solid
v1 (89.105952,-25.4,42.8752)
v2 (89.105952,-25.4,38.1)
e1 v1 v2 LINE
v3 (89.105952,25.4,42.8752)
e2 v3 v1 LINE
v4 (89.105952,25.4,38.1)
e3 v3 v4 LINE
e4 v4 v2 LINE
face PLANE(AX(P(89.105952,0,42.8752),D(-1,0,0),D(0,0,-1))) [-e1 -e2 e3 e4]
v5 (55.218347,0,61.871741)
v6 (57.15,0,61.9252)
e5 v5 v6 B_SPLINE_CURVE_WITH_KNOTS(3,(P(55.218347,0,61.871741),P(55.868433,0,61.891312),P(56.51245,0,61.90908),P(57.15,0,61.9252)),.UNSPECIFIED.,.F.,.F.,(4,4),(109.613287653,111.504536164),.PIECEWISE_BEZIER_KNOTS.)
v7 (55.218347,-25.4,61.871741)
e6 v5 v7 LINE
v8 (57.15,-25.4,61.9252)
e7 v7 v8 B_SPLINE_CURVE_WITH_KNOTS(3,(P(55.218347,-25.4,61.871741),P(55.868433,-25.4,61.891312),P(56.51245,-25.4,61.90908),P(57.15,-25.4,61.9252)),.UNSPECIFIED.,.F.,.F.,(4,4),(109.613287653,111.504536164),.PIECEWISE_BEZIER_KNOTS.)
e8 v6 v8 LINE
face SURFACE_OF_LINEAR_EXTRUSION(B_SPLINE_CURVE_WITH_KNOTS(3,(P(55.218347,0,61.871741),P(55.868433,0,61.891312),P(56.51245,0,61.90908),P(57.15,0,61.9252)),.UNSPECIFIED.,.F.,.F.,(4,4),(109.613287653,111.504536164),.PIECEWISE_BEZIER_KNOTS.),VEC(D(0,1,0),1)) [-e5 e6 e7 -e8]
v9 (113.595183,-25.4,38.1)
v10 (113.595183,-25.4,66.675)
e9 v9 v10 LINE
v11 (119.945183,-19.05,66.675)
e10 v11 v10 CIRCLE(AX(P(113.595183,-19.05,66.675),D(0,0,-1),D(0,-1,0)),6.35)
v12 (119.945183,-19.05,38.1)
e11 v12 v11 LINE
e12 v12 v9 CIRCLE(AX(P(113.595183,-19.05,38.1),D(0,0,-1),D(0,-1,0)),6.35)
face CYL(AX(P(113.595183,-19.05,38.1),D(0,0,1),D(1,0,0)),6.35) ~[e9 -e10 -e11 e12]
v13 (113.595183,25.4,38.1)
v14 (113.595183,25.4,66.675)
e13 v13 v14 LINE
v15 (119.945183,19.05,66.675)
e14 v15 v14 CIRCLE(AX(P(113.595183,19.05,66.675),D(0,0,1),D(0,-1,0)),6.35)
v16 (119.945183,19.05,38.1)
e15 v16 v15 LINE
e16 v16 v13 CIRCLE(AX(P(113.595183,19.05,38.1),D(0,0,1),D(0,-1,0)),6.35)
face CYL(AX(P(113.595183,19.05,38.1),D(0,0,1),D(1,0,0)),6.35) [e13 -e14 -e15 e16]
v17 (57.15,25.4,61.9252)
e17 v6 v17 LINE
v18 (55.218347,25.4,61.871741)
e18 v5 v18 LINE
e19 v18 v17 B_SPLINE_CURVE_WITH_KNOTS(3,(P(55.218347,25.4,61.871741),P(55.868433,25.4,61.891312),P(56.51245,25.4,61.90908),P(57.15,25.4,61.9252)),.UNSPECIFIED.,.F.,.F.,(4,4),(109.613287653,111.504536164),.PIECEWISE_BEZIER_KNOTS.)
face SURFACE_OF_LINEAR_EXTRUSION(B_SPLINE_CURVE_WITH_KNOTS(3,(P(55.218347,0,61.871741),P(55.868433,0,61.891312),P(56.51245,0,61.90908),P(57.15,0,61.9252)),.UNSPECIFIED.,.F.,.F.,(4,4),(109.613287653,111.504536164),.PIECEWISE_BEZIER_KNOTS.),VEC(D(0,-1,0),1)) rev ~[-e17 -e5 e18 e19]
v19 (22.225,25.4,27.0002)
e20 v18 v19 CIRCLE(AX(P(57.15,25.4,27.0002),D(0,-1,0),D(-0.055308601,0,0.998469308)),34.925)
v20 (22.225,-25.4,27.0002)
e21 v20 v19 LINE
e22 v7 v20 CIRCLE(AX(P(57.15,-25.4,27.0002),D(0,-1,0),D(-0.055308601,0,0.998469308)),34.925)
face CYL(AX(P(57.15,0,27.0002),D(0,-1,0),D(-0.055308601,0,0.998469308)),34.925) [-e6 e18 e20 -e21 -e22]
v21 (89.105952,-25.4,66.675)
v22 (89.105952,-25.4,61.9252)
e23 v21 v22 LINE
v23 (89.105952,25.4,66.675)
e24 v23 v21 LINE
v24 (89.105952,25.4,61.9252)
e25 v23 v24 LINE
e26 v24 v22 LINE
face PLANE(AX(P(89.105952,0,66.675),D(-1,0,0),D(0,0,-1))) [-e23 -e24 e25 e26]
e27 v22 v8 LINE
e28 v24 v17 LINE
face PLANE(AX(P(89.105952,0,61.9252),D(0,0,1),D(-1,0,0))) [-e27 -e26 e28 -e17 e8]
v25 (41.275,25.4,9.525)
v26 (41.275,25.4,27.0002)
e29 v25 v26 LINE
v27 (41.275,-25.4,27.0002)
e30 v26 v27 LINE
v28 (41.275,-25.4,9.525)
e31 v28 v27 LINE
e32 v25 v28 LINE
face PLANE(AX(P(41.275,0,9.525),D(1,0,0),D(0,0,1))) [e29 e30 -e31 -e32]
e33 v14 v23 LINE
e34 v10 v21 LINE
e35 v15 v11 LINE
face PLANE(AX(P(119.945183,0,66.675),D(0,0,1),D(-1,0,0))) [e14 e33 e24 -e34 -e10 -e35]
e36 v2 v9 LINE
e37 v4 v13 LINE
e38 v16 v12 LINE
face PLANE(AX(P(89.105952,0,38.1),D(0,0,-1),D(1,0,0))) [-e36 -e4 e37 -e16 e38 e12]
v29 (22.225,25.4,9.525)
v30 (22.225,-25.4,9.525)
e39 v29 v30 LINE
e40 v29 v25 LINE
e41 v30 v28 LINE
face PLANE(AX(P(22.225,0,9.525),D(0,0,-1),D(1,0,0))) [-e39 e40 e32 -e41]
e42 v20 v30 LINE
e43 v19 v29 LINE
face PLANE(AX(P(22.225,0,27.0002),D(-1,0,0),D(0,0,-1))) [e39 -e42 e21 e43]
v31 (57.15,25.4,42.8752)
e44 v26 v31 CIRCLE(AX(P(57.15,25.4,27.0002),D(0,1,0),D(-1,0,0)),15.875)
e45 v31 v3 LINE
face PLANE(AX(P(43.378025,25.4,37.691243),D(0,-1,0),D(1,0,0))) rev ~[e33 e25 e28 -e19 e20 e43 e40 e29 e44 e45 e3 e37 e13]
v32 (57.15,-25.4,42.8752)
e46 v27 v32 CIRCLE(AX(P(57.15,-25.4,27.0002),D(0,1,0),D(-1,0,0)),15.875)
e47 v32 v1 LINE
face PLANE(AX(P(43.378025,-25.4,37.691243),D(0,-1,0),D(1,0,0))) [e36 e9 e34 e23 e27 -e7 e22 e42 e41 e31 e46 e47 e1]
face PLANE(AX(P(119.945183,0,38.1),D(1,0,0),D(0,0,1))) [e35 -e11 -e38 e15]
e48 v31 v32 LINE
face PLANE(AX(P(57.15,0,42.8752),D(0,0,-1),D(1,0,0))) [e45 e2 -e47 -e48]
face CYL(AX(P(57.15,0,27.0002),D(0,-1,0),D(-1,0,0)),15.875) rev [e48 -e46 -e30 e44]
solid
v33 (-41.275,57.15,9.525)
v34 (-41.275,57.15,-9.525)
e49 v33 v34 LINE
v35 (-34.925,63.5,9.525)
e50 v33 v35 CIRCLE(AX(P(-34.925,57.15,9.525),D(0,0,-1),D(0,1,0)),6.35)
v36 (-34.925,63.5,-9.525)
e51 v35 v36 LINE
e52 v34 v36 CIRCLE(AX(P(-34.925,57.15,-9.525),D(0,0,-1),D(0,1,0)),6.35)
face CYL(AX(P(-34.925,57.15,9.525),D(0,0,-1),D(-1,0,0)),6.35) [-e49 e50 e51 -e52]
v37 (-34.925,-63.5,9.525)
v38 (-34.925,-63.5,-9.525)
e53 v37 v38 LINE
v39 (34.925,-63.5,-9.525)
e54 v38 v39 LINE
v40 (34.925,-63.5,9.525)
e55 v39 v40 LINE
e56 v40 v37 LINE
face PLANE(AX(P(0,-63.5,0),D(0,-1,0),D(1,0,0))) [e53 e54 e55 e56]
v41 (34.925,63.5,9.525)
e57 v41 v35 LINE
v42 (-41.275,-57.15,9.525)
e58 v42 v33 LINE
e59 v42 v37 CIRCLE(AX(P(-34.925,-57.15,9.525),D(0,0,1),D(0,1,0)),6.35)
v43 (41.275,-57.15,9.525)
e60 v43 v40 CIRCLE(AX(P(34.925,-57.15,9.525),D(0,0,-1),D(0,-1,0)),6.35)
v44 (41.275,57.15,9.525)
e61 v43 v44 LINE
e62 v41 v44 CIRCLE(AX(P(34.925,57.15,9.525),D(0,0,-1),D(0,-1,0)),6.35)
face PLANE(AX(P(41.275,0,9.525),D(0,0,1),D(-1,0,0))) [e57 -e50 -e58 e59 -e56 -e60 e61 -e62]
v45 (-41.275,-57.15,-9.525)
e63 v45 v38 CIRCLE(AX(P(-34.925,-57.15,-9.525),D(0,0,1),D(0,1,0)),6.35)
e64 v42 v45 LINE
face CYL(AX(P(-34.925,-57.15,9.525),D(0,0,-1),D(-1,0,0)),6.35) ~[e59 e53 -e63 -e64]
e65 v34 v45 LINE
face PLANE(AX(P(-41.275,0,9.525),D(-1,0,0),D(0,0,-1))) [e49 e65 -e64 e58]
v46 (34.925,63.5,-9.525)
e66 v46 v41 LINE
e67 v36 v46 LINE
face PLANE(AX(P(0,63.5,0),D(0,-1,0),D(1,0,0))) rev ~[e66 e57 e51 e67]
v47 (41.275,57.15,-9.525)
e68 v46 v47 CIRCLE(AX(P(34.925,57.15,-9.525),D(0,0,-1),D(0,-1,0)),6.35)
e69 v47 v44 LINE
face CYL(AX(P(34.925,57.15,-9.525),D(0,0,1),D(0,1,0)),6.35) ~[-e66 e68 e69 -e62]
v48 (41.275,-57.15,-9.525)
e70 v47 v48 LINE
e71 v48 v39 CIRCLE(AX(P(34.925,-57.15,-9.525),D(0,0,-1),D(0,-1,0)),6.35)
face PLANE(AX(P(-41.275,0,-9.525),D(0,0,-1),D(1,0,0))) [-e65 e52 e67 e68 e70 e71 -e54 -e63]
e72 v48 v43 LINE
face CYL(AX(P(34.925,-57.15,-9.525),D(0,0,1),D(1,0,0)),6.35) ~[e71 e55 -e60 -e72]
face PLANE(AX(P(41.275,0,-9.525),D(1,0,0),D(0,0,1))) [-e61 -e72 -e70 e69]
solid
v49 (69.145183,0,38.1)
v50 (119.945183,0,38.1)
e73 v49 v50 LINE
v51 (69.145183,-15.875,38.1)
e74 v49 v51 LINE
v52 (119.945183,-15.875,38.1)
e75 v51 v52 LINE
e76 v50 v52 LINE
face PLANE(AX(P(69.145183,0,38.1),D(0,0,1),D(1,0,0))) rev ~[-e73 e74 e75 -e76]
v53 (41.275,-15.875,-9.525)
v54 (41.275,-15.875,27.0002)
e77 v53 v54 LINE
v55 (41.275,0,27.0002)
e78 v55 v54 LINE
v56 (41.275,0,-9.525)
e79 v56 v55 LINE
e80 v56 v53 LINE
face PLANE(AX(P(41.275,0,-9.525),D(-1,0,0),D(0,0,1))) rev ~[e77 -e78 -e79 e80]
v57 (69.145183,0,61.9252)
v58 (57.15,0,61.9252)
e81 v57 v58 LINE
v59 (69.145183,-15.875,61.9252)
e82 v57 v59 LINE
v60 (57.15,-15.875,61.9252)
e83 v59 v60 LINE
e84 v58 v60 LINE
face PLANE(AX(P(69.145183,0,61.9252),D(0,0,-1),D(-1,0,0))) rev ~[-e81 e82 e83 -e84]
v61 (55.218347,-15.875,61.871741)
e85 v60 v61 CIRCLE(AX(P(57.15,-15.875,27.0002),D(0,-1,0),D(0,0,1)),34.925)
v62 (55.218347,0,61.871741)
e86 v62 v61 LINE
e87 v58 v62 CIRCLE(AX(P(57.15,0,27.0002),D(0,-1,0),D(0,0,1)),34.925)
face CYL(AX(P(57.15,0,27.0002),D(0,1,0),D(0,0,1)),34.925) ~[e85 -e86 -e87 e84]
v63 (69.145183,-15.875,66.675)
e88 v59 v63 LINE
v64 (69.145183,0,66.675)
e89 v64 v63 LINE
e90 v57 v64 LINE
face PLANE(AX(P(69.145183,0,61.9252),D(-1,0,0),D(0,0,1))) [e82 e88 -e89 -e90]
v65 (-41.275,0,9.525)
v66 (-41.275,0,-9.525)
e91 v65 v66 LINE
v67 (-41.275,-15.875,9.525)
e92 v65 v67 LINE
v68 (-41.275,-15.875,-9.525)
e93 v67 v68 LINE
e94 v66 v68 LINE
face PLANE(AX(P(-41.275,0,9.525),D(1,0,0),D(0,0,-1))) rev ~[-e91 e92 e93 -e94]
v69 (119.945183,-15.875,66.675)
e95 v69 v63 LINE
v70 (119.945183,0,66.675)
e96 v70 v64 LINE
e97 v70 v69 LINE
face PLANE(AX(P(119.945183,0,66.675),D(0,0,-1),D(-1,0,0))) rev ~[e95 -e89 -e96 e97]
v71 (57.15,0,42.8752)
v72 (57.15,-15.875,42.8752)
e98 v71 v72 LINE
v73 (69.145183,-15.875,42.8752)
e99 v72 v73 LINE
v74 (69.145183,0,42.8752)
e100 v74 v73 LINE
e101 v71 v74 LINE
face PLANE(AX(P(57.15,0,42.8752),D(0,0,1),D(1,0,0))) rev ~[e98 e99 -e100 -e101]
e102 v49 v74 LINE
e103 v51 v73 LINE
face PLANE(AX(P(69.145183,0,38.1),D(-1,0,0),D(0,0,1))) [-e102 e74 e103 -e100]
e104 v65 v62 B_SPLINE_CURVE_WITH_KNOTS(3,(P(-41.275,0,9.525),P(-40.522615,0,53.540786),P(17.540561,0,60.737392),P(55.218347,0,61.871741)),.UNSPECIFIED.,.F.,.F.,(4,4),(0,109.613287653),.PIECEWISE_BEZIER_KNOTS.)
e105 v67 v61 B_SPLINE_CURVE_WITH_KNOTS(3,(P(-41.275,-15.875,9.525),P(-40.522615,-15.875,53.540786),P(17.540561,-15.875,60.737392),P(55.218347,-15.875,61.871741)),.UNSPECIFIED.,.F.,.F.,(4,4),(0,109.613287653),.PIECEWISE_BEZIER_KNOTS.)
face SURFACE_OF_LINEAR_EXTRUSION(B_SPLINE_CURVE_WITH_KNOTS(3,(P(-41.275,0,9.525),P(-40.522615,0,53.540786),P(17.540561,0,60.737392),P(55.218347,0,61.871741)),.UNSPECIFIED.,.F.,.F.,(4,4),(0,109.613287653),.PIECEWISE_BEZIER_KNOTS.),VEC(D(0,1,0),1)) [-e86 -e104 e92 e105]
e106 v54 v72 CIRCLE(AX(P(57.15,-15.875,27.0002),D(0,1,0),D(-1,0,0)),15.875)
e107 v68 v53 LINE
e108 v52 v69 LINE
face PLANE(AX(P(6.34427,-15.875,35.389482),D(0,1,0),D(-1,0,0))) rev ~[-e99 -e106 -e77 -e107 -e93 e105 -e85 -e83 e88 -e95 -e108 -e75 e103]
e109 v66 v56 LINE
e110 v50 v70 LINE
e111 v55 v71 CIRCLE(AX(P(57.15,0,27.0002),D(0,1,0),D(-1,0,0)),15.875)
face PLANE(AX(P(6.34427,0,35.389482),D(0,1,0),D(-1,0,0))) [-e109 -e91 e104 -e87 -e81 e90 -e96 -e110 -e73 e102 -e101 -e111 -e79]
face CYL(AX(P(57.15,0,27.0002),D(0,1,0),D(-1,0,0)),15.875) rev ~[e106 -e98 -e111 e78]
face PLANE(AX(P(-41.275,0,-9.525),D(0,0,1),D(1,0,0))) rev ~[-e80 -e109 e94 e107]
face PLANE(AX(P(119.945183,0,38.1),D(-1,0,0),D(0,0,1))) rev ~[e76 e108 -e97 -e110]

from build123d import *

# Parameters (mm, degrees)
F1_DEPTH = 63.5
F0_W     = 19.9607688333
F0_H     = 19.05
F2_DEPTH = 25.4
F0_H_2   = 4.7498
F0_H_3   = 4.7752
F3_DEPTH = 15.875
F4_R     = 6.35
F5_R     = 6.35
F5_2_R   = 6.35


with BuildPart() as f1:
    # F0 (on Front) → F1 (new body, symmetric)
    with BuildSketch(Plane.XZ):
        Polygon((22.225, 9.525), (-41.275, 9.525), (-41.275, -9.525), (41.275, -9.525), (41.275, 9.525), align=None)
    extrude(amount=F1_DEPTH, both=True)

    # F4
    f4_edges = [f1.edges().sort_by_distance(p)[0] for p in [
        (41.275, -63.5, 0),
        (-41.275, -63.5, 0),
    ]]
    fillet(f4_edges, radius=F4_R)

    # F5
    f5_edges = [f1.edges().sort_by_distance(p)[0] for p in [
        (-41.275, 63.5, 0),
        (41.275, 63.5, 0),
    ]]
    fillet(f5_edges, radius=F5_R)


with BuildPart() as f2:
    # F0 (on Front) → F2 (new body, symmetric)
    with BuildSketch(Plane.XZ):
        with BuildLine():
            Line((22.225, 27.0002), (22.225, 9.525))
            Line((22.225, 9.525), (41.275, 9.525))
            Line((41.275, 9.525), (41.275, 27.0002))
            ThreePointArc((41.275, 27.0002), (45.9246798487, 38.2255201513), (57.15, 42.8752))
            Line((57.15, 42.8752), (69.1451832609, 42.8752))
            Line((69.1451832609, 42.8752), (69.1451832609, 61.9252))
            Line((69.1451832609, 61.9252), (57.15, 61.9252))
            add(Edge.make_bspline(
                [(55.2183471254, 61.8717405764), (55.8684330606, 61.8913124255), (56.5124503776, 61.9090795737), (57.15, 61.9252)],
                knots=[109.6132876534, 109.6132876534, 109.6132876534, 109.6132876534, 111.5045361635, 111.5045361635, 111.5045361635, 111.5045361635], degree=3))
            ThreePointArc((55.2183471254, 61.8717405764), (31.7805439392, 51.0032482268), (22.225, 27.0002))
        make_face()
        Polygon((89.1059520942, 66.675), (89.1059520942, 61.9252), (89.1059520942, 42.8752), (89.1059520942, 38.1), (119.9451832609, 38.1), (119.9451832609, 66.675), align=None)
        with Locations((79.1255676775, 52.4002)):
            Rectangle(F0_W, F0_H)
    extrude(amount=F2_DEPTH, both=True)

    # F5#2
    f5_2_edges = [f2.edges().sort_by_distance(p)[0] for p in [
        (119.945183, 25.4, 52.3875),
        (119.945183, -25.4, 52.3875),
    ]]
    fillet(f5_2_edges, radius=F5_2_R)


with BuildPart() as f3:
    # F0 (on Front) → F3 (new body)
    with BuildSketch(Plane.XZ):
        with BuildLine():
            add(Edge.make_bspline(
                [(-41.275, 9.525), (-40.5226152352, 53.5407855983), (17.5405611339, 60.7373921763), (55.2183471254, 61.8717405764)],
                knots=[0, 0, 0, 0, 109.6132876534, 109.6132876534, 109.6132876534, 109.6132876534], degree=3))
            Line((-41.275, 9.525), (22.225, 9.525))
            Line((22.225, 9.525), (22.225, 27.0002))
            ThreePointArc((22.225, 27.0002), (31.7805439392, 51.0032482268), (55.2183471254, 61.8717405764))
        make_face()
        Polygon((22.225, 9.525), (-41.275, 9.525), (-41.275, -9.525), (41.275, -9.525), (41.275, 9.525), align=None)
        with BuildLine():
            Line((22.225, 27.0002), (22.225, 9.525))
            Line((22.225, 9.525), (41.275, 9.525))
            Line((41.275, 9.525), (41.275, 27.0002))
            ThreePointArc((41.275, 27.0002), (45.9246798487, 38.2255201513), (57.15, 42.8752))
            Line((57.15, 42.8752), (69.1451832609, 42.8752))
            Line((69.1451832609, 42.8752), (69.1451832609, 61.9252))
            Line((69.1451832609, 61.9252), (57.15, 61.9252))
            add(Edge.make_bspline(
                [(55.2183471254, 61.8717405764), (55.8684330606, 61.8913124255), (56.5124503776, 61.9090795737), (57.15, 61.9252)],
                knots=[109.6132876534, 109.6132876534, 109.6132876534, 109.6132876534, 111.5045361635, 111.5045361635, 111.5045361635, 111.5045361635], degree=3))
            ThreePointArc((55.2183471254, 61.8717405764), (31.7805439392, 51.0032482268), (22.225, 27.0002))
        make_face()
        with BuildLine():
            ThreePointArc((57.15, 61.9252), (56.1838037547, 61.9118325859), (55.2183471254, 61.8717405764))
            add(Edge.make_bspline(
                [(55.2183471254, 61.8717405764), (55.8684330606, 61.8913124255), (56.5124503776, 61.9090795737), (57.15, 61.9252)],
                knots=[109.6132876534, 109.6132876534, 109.6132876534, 109.6132876534, 111.5045361635, 111.5045361635, 111.5045361635, 111.5045361635], degree=3))
        make_face()
        with Locations((79.1255676775, 52.4002)):
            Rectangle(F0_W, F0_H)
        with Locations((79.1255676775, 64.3001)):
            Rectangle(F0_W, F0_H_2)
        with Locations((79.1255676775, 40.4876)):
            Rectangle(F0_W, F0_H_3)
        Polygon((89.1059520942, 66.675), (89.1059520942, 61.9252), (89.1059520942, 42.8752), (89.1059520942, 38.1), (119.9451832609, 38.1), (119.9451832609, 66.675), align=None)
    extrude(amount=F3_DEPTH)


solid = Compound([f1.part, f2.part, f3.part])
